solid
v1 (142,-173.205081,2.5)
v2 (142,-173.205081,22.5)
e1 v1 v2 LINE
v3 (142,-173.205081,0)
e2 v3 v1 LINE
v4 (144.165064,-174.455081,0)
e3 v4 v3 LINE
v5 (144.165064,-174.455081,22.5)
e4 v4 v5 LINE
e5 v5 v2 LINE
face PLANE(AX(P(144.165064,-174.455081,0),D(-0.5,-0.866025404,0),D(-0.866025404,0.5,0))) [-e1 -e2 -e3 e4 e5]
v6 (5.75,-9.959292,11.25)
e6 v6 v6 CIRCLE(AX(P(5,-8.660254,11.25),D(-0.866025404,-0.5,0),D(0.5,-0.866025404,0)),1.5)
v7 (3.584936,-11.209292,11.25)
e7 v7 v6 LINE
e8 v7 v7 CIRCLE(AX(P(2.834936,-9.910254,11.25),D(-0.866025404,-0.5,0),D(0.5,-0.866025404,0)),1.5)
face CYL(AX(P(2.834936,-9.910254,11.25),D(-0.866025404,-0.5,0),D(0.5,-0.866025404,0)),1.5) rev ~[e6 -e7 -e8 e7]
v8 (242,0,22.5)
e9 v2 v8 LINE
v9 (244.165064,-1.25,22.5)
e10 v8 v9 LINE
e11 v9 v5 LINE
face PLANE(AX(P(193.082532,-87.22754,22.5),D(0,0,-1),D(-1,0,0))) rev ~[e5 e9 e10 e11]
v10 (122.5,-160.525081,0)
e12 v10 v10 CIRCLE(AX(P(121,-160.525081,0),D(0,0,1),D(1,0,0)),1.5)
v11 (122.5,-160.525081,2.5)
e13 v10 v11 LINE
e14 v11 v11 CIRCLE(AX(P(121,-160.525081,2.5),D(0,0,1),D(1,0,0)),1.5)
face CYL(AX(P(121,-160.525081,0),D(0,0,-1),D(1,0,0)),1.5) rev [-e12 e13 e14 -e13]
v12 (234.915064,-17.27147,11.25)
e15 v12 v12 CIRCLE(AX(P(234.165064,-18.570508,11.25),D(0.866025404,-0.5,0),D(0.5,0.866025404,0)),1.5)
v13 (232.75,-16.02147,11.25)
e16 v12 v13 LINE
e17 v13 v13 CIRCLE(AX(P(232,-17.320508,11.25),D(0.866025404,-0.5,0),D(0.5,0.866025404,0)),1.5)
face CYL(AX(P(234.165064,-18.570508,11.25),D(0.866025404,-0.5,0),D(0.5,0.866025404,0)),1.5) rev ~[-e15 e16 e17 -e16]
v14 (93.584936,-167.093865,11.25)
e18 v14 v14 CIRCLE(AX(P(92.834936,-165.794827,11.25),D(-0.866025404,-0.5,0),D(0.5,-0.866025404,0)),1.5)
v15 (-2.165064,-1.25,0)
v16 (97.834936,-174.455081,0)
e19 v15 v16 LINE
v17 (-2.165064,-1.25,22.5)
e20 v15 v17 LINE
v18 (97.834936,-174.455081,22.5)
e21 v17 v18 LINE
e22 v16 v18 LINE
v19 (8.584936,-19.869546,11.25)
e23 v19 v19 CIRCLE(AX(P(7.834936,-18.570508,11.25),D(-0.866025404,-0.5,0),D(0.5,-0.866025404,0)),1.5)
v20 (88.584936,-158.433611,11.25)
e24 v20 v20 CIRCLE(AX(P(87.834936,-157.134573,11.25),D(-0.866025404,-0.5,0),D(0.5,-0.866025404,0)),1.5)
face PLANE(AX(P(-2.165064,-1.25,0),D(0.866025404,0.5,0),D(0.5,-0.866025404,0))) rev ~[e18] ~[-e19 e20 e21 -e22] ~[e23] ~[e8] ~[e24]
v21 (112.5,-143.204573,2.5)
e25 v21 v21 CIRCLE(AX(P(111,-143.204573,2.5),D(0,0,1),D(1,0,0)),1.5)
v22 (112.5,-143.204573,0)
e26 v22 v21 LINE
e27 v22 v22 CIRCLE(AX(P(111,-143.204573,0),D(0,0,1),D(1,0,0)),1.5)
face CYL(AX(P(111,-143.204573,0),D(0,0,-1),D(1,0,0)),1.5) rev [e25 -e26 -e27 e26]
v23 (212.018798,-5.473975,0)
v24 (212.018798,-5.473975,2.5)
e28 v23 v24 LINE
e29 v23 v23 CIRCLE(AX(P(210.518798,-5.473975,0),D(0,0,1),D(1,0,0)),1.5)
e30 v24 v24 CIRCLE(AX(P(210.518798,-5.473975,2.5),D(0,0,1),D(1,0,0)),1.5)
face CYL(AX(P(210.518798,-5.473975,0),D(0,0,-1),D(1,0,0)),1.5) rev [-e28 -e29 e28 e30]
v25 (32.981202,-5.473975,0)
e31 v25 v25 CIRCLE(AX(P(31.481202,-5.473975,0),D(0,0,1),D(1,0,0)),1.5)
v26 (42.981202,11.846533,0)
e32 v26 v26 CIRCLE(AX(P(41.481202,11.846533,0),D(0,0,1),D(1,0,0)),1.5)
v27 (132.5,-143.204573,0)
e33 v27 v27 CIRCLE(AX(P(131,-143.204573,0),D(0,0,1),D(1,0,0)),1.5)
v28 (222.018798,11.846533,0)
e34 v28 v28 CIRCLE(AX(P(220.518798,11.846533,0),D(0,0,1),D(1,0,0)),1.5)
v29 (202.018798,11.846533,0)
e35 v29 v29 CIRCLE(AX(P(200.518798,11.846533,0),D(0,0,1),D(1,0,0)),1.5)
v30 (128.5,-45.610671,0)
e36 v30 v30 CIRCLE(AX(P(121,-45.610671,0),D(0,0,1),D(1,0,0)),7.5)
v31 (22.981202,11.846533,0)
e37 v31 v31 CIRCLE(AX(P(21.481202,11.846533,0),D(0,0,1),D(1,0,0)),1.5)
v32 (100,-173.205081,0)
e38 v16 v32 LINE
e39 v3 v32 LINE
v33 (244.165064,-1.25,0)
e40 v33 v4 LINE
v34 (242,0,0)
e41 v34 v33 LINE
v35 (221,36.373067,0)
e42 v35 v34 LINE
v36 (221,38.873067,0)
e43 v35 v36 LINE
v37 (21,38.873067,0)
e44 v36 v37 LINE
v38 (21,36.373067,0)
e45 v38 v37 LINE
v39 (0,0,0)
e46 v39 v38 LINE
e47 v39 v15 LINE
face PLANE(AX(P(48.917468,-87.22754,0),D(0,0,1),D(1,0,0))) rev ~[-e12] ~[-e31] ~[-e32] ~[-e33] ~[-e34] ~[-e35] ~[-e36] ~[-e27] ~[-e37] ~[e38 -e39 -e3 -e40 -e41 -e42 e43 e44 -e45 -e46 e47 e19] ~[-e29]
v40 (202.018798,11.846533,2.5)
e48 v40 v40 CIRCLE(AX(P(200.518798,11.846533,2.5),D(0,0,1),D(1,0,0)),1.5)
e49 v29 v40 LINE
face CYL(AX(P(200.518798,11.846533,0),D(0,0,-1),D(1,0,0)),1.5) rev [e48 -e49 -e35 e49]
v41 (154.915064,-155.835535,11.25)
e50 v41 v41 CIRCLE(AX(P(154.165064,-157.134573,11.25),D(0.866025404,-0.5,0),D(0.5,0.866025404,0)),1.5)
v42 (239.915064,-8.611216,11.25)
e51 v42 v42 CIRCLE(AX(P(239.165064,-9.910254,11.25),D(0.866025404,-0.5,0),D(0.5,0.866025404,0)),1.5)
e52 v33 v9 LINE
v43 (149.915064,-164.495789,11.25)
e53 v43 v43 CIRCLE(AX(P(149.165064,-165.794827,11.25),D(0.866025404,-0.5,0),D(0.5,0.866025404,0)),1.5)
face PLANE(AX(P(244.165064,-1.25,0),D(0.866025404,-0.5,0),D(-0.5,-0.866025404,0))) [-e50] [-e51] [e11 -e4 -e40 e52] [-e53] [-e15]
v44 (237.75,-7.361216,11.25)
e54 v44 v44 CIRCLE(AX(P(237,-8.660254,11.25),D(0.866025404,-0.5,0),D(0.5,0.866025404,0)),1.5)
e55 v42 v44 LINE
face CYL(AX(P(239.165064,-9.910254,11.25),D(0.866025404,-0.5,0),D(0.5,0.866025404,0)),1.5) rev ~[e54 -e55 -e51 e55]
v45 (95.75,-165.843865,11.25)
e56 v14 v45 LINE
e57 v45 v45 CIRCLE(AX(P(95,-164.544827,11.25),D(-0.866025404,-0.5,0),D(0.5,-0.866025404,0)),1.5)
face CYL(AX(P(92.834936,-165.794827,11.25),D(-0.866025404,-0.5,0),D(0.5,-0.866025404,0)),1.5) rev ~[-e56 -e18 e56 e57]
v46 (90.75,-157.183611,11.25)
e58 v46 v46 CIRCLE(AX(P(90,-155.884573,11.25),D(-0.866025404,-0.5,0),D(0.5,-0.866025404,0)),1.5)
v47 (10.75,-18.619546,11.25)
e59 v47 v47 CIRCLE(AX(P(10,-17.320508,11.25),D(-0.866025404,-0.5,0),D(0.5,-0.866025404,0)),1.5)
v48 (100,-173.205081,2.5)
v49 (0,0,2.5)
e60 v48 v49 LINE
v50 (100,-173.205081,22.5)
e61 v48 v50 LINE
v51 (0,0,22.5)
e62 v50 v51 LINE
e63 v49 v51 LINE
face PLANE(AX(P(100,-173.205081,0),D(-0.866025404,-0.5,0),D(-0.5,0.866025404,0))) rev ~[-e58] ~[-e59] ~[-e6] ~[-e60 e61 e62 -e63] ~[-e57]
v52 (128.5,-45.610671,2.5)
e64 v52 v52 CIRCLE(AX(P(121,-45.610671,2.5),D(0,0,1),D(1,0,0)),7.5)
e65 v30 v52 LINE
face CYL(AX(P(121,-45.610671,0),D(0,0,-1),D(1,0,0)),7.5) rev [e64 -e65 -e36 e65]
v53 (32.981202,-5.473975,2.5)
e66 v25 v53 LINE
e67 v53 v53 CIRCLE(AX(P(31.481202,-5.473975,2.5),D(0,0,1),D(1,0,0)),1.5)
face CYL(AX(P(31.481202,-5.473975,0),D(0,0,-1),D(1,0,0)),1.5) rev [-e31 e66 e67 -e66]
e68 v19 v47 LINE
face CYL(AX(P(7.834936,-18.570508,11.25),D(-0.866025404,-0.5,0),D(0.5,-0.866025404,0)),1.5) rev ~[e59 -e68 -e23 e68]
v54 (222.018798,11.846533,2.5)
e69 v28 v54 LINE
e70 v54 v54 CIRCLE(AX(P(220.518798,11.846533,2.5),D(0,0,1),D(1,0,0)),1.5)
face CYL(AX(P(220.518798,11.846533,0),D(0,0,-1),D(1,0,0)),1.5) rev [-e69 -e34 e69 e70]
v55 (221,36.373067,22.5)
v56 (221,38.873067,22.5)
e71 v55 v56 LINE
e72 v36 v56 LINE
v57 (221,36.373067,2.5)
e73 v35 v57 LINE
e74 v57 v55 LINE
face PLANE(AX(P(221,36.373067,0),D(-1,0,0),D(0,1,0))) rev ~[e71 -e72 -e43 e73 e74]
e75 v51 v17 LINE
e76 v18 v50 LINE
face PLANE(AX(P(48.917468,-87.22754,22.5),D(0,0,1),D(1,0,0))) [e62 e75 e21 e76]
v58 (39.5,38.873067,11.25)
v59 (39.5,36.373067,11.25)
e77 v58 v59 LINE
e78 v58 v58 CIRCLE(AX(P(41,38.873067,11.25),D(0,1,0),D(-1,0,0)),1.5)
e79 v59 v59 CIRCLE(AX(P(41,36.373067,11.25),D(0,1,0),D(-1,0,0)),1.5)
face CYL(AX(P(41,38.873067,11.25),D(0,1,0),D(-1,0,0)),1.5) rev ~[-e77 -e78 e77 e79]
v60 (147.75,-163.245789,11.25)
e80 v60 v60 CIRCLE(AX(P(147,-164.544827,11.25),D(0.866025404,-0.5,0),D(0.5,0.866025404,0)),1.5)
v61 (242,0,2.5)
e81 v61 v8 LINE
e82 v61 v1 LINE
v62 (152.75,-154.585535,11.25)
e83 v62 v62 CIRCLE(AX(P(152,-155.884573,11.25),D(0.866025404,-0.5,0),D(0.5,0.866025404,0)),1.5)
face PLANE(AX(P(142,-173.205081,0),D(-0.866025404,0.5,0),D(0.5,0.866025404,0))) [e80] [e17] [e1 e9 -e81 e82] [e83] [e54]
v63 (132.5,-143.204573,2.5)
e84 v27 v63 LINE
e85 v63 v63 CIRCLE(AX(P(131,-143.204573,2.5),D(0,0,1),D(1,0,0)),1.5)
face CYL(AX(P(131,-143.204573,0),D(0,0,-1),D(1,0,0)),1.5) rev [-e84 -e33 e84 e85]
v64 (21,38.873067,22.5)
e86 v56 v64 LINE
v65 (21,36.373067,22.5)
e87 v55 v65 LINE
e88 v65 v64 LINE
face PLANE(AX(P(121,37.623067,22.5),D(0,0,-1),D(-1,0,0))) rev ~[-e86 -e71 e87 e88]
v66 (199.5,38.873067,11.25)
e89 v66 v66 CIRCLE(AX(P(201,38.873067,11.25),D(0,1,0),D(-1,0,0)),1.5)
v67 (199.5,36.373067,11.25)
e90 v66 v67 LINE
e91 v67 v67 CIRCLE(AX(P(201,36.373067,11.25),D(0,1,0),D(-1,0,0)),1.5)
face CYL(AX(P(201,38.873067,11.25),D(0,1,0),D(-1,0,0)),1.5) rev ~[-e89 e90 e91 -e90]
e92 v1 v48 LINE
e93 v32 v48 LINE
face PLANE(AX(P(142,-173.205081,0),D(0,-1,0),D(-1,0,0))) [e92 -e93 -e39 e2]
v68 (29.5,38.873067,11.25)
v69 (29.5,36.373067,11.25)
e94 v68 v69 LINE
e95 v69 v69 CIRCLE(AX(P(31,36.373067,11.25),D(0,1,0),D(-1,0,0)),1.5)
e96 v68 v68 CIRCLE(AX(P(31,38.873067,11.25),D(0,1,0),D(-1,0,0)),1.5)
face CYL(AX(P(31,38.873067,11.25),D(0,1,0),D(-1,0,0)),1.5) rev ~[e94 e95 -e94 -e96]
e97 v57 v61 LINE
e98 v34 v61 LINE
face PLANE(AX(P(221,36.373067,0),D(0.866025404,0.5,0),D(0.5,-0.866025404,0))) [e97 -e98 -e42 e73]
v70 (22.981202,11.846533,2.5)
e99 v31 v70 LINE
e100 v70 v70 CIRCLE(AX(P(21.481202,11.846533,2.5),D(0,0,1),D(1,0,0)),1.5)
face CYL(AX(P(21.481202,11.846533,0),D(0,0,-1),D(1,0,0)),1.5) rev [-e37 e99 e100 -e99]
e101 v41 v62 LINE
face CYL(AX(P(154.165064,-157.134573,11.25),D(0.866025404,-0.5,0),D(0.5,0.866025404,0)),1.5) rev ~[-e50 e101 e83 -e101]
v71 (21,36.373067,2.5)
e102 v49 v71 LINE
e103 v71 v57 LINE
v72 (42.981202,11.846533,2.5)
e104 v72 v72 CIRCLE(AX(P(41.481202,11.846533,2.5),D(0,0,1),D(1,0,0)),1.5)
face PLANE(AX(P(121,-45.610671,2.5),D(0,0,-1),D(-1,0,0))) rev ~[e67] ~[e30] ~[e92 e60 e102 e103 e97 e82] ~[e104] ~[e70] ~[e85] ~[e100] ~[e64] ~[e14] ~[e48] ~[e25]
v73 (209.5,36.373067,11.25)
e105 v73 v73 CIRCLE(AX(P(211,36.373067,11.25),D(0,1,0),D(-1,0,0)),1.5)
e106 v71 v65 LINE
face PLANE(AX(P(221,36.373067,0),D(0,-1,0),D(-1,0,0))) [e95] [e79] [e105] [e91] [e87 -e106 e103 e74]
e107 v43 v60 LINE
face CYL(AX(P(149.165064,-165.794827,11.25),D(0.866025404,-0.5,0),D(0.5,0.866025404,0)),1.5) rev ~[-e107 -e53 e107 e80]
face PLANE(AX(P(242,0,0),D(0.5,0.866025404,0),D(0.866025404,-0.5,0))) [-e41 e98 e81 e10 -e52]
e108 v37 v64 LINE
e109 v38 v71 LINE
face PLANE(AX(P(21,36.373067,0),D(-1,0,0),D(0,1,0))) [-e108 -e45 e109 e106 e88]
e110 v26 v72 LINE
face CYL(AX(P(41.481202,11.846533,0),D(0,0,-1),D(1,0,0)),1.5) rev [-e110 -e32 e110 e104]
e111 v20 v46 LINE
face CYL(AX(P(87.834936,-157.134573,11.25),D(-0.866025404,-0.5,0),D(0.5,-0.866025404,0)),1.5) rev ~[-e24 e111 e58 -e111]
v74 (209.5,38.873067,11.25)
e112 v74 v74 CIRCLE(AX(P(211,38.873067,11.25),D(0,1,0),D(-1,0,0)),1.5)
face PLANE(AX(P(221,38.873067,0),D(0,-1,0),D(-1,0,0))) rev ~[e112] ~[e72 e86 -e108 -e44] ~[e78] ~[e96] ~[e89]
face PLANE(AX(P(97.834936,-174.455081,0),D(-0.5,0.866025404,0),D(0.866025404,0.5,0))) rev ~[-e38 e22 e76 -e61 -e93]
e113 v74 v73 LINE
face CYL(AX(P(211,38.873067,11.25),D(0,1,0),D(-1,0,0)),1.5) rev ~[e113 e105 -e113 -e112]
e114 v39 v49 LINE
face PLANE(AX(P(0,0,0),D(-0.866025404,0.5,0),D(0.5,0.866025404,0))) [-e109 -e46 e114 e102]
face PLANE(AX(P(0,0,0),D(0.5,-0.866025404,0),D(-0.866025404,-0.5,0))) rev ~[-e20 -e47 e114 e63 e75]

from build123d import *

# Parameters (mm, degrees)
SKETCH_1_R          = 1.5
SKETCH_1_R_2        = 7.5
EXTRUDE_1_DEPTH     = 2.5
SKETCH_2_W          = 200
SKETCH_2_H          = 2.5
EXTRUDE_2_DEPTH     = 22.5
CUT_EXTRUDE_1_REACH = 327.01
SKETCH_3_R          = 1.5
CUT_EXTRUDE_2_REACH = 238.725
SKETCH_6_R          = 1.5
CUT_EXTRUDE_3_REACH = 303.968
SKETCH_7_R          = 1.5


with BuildPart() as part:
    # Эскиз1 → Бобышка-Вытянуть1 (new body)
    with BuildSketch(Plane.XY):
        Polygon((0, 0), (21, 36.373066959), (221, 36.373066959), (242, 0), (142, -173.205080757), (100, -173.205080757), align=None)
        with Locations((21.48120212, 11.846533479)):
            Circle(SKETCH_1_R, mode=Mode.SUBTRACT)
        with Locations((41.48120212, 11.846533479)):
            Circle(SKETCH_1_R, mode=Mode.SUBTRACT)
        with Locations((31.48120212, -5.473974596)):
            Circle(SKETCH_1_R, mode=Mode.SUBTRACT)
        with Locations((200.51879788, 11.846533479)):
            Circle(SKETCH_1_R, mode=Mode.SUBTRACT)
        with Locations((220.51879788, 11.846533479)):
            Circle(SKETCH_1_R, mode=Mode.SUBTRACT)
        with Locations((210.51879788, -5.473974596)):
            Circle(SKETCH_1_R, mode=Mode.SUBTRACT)
        with Locations((111, -143.204572681)):
            Circle(SKETCH_1_R, mode=Mode.SUBTRACT)
        with Locations((131, -143.204572681)):
            Circle(SKETCH_1_R, mode=Mode.SUBTRACT)
        with Locations((121, -160.525080757)):
            Circle(SKETCH_1_R, mode=Mode.SUBTRACT)
        with Locations((121, -45.610671266)):
            Circle(SKETCH_1_R_2, mode=Mode.SUBTRACT)
    extrude(amount=EXTRUDE_1_DEPTH)

    # Эскиз2 → Бобышка-Вытянуть2 (add)
    with BuildSketch(Plane(origin=(0, 0, 0), x_dir=(-1, 0, 0), z_dir=(0, 0, -1))):
        Polygon((0, 0), (2.165063509, -1.25), (-97.834936491, -174.455080757), (-100, -173.205080757), align=None)
        with Locations((-121, 37.623066959)):
            Rectangle(SKETCH_2_W, SKETCH_2_H)
        Polygon((-242, 0), (-244.165063509, -1.25), (-144.165063509, -174.455080757), (-142, -173.205080757), align=None)
    extrude(amount=-EXTRUDE_2_DEPTH)

    # Эскиз3 → Вырез-Вытянуть1 (cut, up to next)
    with BuildSketch(Plane(origin=(0, 38.873066959, 0), x_dir=(1, 0, 0), z_dir=(0, 1, 0)), mode=Mode.PRIVATE) as cut_extrude_1_sk1:
        with Locations(Location((211, -11.25, 0), (0, 0, 180))):
            Circle(SKETCH_3_R)
    cut_extrude_1_tool1 = extrude(cut_extrude_1_sk1.sketch, amount=-CUT_EXTRUDE_1_REACH, mode=Mode.PRIVATE) & part.part
    # Эскиз3 → Вырез-Вытянуть1 (cut, up to next)
    with BuildSketch(Plane(origin=(0, 38.873066959, 0), x_dir=(1, 0, 0), z_dir=(0, 1, 0)), mode=Mode.PRIVATE) as cut_extrude_1_sk2:
        with Locations(Location((201, -11.25, 0), (0, 0, 180))):
            Circle(SKETCH_3_R)
    cut_extrude_1_tool2 = extrude(cut_extrude_1_sk2.sketch, amount=-CUT_EXTRUDE_1_REACH, mode=Mode.PRIVATE) & part.part
    # Эскиз3 → Вырез-Вытянуть1 (cut, up to next)
    with BuildSketch(Plane(origin=(0, 38.873066959, 0), x_dir=(1, 0, 0), z_dir=(0, 1, 0)), mode=Mode.PRIVATE) as cut_extrude_1_sk3:
        with Locations(Location((41, -11.25, 0), (0, 0, 180))):
            Circle(SKETCH_3_R)
    cut_extrude_1_tool3 = extrude(cut_extrude_1_sk3.sketch, amount=-CUT_EXTRUDE_1_REACH, mode=Mode.PRIVATE) & part.part
    # Эскиз3 → Вырез-Вытянуть1 (cut, up to next)
    with BuildSketch(Plane(origin=(0, 38.873066959, 0), x_dir=(1, 0, 0), z_dir=(0, 1, 0)), mode=Mode.PRIVATE) as cut_extrude_1_sk4:
        with Locations(Location((31, -11.25, 0), (0, 0, 180))):
            Circle(SKETCH_3_R)
    cut_extrude_1_tool4 = extrude(cut_extrude_1_sk4.sketch, amount=-CUT_EXTRUDE_1_REACH, mode=Mode.PRIVATE) & part.part
    add(cut_extrude_1_tool1.solids().sort_by_distance((211, 38.873067, 11.25))[0], mode=Mode.SUBTRACT)
    add(cut_extrude_1_tool2.solids().sort_by_distance((201, 38.873067, 11.25))[0], mode=Mode.SUBTRACT)
    add(cut_extrude_1_tool3.solids().sort_by_distance((41, 38.873067, 11.25))[0], mode=Mode.SUBTRACT)
    add(cut_extrude_1_tool4.solids().sort_by_distance((31, 38.873067, 11.25))[0], mode=Mode.SUBTRACT)

    # Эскиз6 → Вырез-Вытянуть2 (cut, up to next)
    with BuildSketch(Plane(origin=(183.665063509, -106.039073858, 0), x_dir=(0, 0, -1), z_dir=(0.8660254037844386, -0.5000000000000003, 0)), mode=Mode.PRIVATE) as cut_extrude_2_sk1:
        with Locations(Location((-11.25, 111, 0), (0, 0, 90))):
            Circle(SKETCH_6_R)
    cut_extrude_2_tool1 = extrude(cut_extrude_2_sk1.sketch, amount=-CUT_EXTRUDE_2_REACH, mode=Mode.PRIVATE) & part.part
    # Эскиз6 → Вырез-Вытянуть2 (cut, up to next)
    with BuildSketch(Plane(origin=(183.665063509, -106.039073858, 0), x_dir=(0, 0, -1), z_dir=(0.8660254037844386, -0.5000000000000003, 0)), mode=Mode.PRIVATE) as cut_extrude_2_sk2:
        with Locations(Location((-11.25, 101, 0), (0, 0, 90))):
            Circle(SKETCH_6_R)
    cut_extrude_2_tool2 = extrude(cut_extrude_2_sk2.sketch, amount=-CUT_EXTRUDE_2_REACH, mode=Mode.PRIVATE) & part.part
    # Эскиз6 → Вырез-Вытянуть2 (cut, up to next)
    with BuildSketch(Plane(origin=(183.665063509, -106.039073858, 0), x_dir=(0, 0, -1), z_dir=(0.8660254037844386, -0.5000000000000003, 0)), mode=Mode.PRIVATE) as cut_extrude_2_sk3:
        with Locations(Location((-11.25, -59, 0), (0, 0, 90))):
            Circle(SKETCH_6_R)
    cut_extrude_2_tool3 = extrude(cut_extrude_2_sk3.sketch, amount=-CUT_EXTRUDE_2_REACH, mode=Mode.PRIVATE) & part.part
    # Эскиз6 → Вырез-Вытянуть2 (cut, up to next)
    with BuildSketch(Plane(origin=(183.665063509, -106.039073858, 0), x_dir=(0, 0, -1), z_dir=(0.8660254037844386, -0.5000000000000003, 0)), mode=Mode.PRIVATE) as cut_extrude_2_sk4:
        with Locations(Location((-11.25, -69, 0), (0, 0, 90))):
            Circle(SKETCH_6_R)
    cut_extrude_2_tool4 = extrude(cut_extrude_2_sk4.sketch, amount=-CUT_EXTRUDE_2_REACH, mode=Mode.PRIVATE) & part.part
    add(cut_extrude_2_tool1.solids().sort_by_distance((239.165064, -9.910254, 11.25))[0], mode=Mode.SUBTRACT)
    add(cut_extrude_2_tool2.solids().sort_by_distance((234.165064, -18.570508, 11.25))[0], mode=Mode.SUBTRACT)
    add(cut_extrude_2_tool3.solids().sort_by_distance((154.165064, -157.134573, 11.25))[0], mode=Mode.SUBTRACT)
    add(cut_extrude_2_tool4.solids().sort_by_distance((149.165064, -165.794827, 11.25))[0], mode=Mode.SUBTRACT)

    # Эскиз7 → Вырез-Вытянуть3 (cut, up to next)
    with BuildSketch(Plane(origin=(-2.165063509, -1.25, 0), x_dir=(0, 0, 1), z_dir=(-0.8660254037844386, -0.5000000000000003, 0)), mode=Mode.PRIVATE) as cut_extrude_3_sk1:
        with Locations(Location((11.25, -10, 0), (0, 0, 270))):
            Circle(SKETCH_7_R)
    cut_extrude_3_tool1 = extrude(cut_extrude_3_sk1.sketch, amount=-CUT_EXTRUDE_3_REACH, mode=Mode.PRIVATE) & part.part
    # Эскиз7 → Вырез-Вытянуть3 (cut, up to next)
    with BuildSketch(Plane(origin=(-2.165063509, -1.25, 0), x_dir=(0, 0, 1), z_dir=(-0.8660254037844386, -0.5000000000000003, 0)), mode=Mode.PRIVATE) as cut_extrude_3_sk2:
        with Locations(Location((11.25, -20, 0), (0, 0, 270))):
            Circle(SKETCH_7_R)
    cut_extrude_3_tool2 = extrude(cut_extrude_3_sk2.sketch, amount=-CUT_EXTRUDE_3_REACH, mode=Mode.PRIVATE) & part.part
    # Эскиз7 → Вырез-Вытянуть3 (cut, up to next)
    with BuildSketch(Plane(origin=(-2.165063509, -1.25, 0), x_dir=(0, 0, 1), z_dir=(-0.8660254037844386, -0.5000000000000003, 0)), mode=Mode.PRIVATE) as cut_extrude_3_sk3:
        with Locations(Location((11.25, -180, 0), (0, 0, 270))):
            Circle(SKETCH_7_R)
    cut_extrude_3_tool3 = extrude(cut_extrude_3_sk3.sketch, amount=-CUT_EXTRUDE_3_REACH, mode=Mode.PRIVATE) & part.part
    # Эскиз7 → Вырез-Вытянуть3 (cut, up to next)
    with BuildSketch(Plane(origin=(-2.165063509, -1.25, 0), x_dir=(0, 0, 1), z_dir=(-0.8660254037844386, -0.5000000000000003, 0)), mode=Mode.PRIVATE) as cut_extrude_3_sk4:
        with Locations(Location((11.25, -190, 0), (0, 0, 270))):
            Circle(SKETCH_7_R)
    cut_extrude_3_tool4 = extrude(cut_extrude_3_sk4.sketch, amount=-CUT_EXTRUDE_3_REACH, mode=Mode.PRIVATE) & part.part
    add(cut_extrude_3_tool1.solids().sort_by_distance((2.834936, -9.910254, 11.25))[0], mode=Mode.SUBTRACT)
    add(cut_extrude_3_tool2.solids().sort_by_distance((7.834936, -18.570508, 11.25))[0], mode=Mode.SUBTRACT)
    add(cut_extrude_3_tool3.solids().sort_by_distance((87.834936, -157.134573, 11.25))[0], mode=Mode.SUBTRACT)
    add(cut_extrude_3_tool4.solids().sort_by_distance((92.834936, -165.794827, 11.25))[0], mode=Mode.SUBTRACT)


solid = part.part
